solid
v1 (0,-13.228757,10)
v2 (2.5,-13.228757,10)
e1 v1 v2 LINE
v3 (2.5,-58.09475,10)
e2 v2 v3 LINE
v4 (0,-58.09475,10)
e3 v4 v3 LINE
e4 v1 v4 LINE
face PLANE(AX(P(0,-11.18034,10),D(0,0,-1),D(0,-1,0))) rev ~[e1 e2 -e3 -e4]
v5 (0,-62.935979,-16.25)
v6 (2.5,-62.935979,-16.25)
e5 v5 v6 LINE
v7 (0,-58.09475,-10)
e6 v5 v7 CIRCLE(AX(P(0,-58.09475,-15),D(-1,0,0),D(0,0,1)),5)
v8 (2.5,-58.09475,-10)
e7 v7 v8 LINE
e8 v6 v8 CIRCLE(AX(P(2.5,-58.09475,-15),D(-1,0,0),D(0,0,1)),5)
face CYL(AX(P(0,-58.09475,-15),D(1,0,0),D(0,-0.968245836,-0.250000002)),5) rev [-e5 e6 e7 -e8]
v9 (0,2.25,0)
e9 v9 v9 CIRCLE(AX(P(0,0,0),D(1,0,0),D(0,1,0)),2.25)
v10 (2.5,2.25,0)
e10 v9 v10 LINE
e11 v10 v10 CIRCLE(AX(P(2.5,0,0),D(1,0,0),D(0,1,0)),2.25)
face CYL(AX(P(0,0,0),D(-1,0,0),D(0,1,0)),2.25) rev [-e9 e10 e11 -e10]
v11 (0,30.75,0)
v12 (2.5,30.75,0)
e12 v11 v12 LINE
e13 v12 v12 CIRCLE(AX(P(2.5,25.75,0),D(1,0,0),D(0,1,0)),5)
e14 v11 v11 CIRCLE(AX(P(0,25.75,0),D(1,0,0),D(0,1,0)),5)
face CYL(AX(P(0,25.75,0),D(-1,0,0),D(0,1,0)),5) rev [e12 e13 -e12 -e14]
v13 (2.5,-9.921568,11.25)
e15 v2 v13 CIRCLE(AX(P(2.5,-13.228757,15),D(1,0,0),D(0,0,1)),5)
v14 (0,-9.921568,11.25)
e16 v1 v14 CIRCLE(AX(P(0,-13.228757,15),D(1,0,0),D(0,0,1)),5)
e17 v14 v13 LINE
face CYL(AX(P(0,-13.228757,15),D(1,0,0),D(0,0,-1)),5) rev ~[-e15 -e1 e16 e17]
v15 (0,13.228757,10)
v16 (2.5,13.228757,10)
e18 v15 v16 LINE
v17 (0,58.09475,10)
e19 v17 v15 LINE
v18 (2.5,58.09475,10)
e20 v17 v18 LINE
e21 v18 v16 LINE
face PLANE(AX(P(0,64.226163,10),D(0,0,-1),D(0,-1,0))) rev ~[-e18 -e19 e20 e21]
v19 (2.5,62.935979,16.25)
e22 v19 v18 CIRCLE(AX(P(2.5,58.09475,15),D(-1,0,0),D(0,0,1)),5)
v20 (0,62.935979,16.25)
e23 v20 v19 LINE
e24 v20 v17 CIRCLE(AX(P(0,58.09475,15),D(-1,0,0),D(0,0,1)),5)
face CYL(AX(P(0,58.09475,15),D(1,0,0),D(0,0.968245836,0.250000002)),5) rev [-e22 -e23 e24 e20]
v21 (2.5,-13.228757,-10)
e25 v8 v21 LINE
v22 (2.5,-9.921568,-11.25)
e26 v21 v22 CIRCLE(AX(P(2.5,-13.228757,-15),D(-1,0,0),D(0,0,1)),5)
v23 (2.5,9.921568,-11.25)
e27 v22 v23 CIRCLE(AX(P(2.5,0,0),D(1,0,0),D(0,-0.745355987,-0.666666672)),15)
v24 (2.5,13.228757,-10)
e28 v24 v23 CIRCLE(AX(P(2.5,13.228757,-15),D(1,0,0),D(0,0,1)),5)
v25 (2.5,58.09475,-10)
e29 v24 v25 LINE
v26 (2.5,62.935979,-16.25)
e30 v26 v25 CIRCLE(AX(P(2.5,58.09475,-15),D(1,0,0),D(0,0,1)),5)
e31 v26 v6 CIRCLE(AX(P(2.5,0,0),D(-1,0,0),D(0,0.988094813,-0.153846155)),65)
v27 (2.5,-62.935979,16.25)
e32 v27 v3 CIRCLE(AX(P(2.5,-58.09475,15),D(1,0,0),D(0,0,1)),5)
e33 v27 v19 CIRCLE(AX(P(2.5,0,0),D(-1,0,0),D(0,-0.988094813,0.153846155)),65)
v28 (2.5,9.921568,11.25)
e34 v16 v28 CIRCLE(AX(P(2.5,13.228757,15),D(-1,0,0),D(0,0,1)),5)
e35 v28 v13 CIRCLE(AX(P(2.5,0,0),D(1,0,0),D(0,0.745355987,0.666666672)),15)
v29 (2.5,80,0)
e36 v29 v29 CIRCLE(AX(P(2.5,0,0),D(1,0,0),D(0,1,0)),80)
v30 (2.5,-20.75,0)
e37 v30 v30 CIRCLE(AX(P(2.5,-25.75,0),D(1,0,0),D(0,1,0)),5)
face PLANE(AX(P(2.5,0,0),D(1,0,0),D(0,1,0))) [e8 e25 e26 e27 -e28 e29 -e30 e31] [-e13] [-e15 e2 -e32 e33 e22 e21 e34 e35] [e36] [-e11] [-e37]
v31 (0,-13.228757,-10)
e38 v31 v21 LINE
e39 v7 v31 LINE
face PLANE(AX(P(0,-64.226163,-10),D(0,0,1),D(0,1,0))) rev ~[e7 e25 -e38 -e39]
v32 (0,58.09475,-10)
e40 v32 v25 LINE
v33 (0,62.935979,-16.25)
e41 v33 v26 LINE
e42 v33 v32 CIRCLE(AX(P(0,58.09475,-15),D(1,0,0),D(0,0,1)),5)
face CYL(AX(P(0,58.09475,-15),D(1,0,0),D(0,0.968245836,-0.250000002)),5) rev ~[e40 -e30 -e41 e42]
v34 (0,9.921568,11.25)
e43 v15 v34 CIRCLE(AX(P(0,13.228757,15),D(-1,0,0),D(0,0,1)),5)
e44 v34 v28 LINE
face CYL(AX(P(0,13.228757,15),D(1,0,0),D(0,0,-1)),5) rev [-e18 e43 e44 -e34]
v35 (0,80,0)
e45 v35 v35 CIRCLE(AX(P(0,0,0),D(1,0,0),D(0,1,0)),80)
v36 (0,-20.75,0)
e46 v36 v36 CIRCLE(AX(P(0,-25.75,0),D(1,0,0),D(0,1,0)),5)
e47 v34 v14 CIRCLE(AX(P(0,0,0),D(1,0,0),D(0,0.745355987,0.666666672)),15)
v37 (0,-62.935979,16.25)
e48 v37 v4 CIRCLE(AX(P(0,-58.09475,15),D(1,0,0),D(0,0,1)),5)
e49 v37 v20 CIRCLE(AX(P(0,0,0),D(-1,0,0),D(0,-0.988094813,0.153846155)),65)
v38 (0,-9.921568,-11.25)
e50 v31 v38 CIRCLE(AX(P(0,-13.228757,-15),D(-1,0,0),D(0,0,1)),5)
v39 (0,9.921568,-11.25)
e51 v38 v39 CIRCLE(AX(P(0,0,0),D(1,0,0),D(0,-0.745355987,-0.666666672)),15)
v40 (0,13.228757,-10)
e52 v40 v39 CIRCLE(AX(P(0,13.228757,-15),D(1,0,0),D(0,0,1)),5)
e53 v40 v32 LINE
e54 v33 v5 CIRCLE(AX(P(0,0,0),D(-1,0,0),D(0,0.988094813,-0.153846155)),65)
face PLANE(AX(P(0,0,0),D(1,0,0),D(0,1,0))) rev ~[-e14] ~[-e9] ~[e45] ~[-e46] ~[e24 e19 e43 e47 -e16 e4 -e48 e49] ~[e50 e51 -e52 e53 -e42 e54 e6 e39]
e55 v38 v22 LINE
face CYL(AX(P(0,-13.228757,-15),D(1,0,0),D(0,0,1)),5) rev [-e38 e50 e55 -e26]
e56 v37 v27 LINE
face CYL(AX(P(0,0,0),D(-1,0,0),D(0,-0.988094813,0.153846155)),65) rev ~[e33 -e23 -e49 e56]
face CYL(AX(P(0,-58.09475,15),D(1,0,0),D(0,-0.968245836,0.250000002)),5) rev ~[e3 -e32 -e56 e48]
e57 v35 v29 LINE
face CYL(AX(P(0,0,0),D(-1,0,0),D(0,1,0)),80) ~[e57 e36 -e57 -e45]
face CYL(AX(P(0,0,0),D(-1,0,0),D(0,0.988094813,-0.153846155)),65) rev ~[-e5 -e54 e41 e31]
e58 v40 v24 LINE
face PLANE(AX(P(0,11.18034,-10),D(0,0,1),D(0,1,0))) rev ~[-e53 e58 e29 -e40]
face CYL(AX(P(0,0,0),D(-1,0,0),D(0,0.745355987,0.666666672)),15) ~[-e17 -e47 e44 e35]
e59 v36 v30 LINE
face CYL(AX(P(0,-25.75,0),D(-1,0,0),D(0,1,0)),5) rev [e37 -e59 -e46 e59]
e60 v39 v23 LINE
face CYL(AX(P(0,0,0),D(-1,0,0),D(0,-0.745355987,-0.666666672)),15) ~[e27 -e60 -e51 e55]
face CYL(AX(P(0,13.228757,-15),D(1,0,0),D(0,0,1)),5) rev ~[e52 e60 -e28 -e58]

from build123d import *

# Parameters (mm, degrees)
F0_R     = 80
F0_R_2   = 5
F0_R_3   = 2.25
F1_DEPTH = 2.5
F2_R     = 5


with BuildPart() as f1:
    # F0 (on Right) → F1 (new body)
    with BuildSketch(Plane.YZ):
        Circle(F0_R)
        with BuildLine():
            ThreePointArc((-64.226163, 10), (0, 65), (64.226163, 10))
            ThreePointArc((64.226163, 10), (64.806252, 5.014948), (65, 0))
            ThreePointArc((65, 0), (64.806252, -5.014948), (64.226163, -10))
            ThreePointArc((64.226163, -10), (0, -65), (-64.226163, -10))
            ThreePointArc((-64.226163, -10), (-65, 0), (-64.226163, 10))
        make_face(mode=Mode.SUBTRACT)
        with BuildLine():
            ThreePointArc((-11.18034, -10), (-15, 0), (-11.18034, 10))
            Line((-11.18034, 10), (-64.226163, 10))
            ThreePointArc((-64.226163, 10), (-65, 0), (-64.226163, -10))
            Line((-64.226163, -10), (-11.18034, -10))
        make_face()
        with Locations((-25.75, 0)):
            Circle(F0_R_2, mode=Mode.SUBTRACT)
        with BuildLine():
            ThreePointArc((11.18034, -10), (14.012585, -5.352331), (15, 0))
            ThreePointArc((15, 0), (14.012585, 5.352331), (11.18034, 10))
            ThreePointArc((11.18034, 10), (0, 15), (-11.18034, 10))
            ThreePointArc((-11.18034, 10), (-15, 0), (-11.18034, -10))
            ThreePointArc((-11.18034, -10), (0, -15), (11.18034, -10))
        make_face()
        Circle(F0_R_3, mode=Mode.SUBTRACT)
        with BuildLine():
            ThreePointArc((11.18034, 10), (14.012585, 5.352331), (15, 0))
            ThreePointArc((15, 0), (14.012585, -5.352331), (11.18034, -10))
            Line((11.18034, -10), (64.226163, -10))
            ThreePointArc((64.226163, -10), (64.806252, -5.014948), (65, 0))
            ThreePointArc((65, 0), (64.806252, 5.014948), (64.226163, 10))
            Line((64.226163, 10), (11.18034, 10))
        make_face()
        with Locations((25.75, 0)):
            Circle(F0_R_2, mode=Mode.SUBTRACT)
    extrude(amount=F1_DEPTH)

    # F2
    f2_edges = [f1.edges().sort_by_distance(p)[0] for p in [
        (1.25, -64.226163, 10),
        (1.25, -11.18034, 10),
        (1.25, 11.18034, 10),
        (1.25, 64.226163, 10),
        (1.25, 64.226163, -10),
        (1.25, 11.18034, -10),
        (1.25, -11.18034, -10),
        (1.25, -64.226163, -10),
    ]]
    fillet(f2_edges, radius=F2_R)


solid = f1.part
